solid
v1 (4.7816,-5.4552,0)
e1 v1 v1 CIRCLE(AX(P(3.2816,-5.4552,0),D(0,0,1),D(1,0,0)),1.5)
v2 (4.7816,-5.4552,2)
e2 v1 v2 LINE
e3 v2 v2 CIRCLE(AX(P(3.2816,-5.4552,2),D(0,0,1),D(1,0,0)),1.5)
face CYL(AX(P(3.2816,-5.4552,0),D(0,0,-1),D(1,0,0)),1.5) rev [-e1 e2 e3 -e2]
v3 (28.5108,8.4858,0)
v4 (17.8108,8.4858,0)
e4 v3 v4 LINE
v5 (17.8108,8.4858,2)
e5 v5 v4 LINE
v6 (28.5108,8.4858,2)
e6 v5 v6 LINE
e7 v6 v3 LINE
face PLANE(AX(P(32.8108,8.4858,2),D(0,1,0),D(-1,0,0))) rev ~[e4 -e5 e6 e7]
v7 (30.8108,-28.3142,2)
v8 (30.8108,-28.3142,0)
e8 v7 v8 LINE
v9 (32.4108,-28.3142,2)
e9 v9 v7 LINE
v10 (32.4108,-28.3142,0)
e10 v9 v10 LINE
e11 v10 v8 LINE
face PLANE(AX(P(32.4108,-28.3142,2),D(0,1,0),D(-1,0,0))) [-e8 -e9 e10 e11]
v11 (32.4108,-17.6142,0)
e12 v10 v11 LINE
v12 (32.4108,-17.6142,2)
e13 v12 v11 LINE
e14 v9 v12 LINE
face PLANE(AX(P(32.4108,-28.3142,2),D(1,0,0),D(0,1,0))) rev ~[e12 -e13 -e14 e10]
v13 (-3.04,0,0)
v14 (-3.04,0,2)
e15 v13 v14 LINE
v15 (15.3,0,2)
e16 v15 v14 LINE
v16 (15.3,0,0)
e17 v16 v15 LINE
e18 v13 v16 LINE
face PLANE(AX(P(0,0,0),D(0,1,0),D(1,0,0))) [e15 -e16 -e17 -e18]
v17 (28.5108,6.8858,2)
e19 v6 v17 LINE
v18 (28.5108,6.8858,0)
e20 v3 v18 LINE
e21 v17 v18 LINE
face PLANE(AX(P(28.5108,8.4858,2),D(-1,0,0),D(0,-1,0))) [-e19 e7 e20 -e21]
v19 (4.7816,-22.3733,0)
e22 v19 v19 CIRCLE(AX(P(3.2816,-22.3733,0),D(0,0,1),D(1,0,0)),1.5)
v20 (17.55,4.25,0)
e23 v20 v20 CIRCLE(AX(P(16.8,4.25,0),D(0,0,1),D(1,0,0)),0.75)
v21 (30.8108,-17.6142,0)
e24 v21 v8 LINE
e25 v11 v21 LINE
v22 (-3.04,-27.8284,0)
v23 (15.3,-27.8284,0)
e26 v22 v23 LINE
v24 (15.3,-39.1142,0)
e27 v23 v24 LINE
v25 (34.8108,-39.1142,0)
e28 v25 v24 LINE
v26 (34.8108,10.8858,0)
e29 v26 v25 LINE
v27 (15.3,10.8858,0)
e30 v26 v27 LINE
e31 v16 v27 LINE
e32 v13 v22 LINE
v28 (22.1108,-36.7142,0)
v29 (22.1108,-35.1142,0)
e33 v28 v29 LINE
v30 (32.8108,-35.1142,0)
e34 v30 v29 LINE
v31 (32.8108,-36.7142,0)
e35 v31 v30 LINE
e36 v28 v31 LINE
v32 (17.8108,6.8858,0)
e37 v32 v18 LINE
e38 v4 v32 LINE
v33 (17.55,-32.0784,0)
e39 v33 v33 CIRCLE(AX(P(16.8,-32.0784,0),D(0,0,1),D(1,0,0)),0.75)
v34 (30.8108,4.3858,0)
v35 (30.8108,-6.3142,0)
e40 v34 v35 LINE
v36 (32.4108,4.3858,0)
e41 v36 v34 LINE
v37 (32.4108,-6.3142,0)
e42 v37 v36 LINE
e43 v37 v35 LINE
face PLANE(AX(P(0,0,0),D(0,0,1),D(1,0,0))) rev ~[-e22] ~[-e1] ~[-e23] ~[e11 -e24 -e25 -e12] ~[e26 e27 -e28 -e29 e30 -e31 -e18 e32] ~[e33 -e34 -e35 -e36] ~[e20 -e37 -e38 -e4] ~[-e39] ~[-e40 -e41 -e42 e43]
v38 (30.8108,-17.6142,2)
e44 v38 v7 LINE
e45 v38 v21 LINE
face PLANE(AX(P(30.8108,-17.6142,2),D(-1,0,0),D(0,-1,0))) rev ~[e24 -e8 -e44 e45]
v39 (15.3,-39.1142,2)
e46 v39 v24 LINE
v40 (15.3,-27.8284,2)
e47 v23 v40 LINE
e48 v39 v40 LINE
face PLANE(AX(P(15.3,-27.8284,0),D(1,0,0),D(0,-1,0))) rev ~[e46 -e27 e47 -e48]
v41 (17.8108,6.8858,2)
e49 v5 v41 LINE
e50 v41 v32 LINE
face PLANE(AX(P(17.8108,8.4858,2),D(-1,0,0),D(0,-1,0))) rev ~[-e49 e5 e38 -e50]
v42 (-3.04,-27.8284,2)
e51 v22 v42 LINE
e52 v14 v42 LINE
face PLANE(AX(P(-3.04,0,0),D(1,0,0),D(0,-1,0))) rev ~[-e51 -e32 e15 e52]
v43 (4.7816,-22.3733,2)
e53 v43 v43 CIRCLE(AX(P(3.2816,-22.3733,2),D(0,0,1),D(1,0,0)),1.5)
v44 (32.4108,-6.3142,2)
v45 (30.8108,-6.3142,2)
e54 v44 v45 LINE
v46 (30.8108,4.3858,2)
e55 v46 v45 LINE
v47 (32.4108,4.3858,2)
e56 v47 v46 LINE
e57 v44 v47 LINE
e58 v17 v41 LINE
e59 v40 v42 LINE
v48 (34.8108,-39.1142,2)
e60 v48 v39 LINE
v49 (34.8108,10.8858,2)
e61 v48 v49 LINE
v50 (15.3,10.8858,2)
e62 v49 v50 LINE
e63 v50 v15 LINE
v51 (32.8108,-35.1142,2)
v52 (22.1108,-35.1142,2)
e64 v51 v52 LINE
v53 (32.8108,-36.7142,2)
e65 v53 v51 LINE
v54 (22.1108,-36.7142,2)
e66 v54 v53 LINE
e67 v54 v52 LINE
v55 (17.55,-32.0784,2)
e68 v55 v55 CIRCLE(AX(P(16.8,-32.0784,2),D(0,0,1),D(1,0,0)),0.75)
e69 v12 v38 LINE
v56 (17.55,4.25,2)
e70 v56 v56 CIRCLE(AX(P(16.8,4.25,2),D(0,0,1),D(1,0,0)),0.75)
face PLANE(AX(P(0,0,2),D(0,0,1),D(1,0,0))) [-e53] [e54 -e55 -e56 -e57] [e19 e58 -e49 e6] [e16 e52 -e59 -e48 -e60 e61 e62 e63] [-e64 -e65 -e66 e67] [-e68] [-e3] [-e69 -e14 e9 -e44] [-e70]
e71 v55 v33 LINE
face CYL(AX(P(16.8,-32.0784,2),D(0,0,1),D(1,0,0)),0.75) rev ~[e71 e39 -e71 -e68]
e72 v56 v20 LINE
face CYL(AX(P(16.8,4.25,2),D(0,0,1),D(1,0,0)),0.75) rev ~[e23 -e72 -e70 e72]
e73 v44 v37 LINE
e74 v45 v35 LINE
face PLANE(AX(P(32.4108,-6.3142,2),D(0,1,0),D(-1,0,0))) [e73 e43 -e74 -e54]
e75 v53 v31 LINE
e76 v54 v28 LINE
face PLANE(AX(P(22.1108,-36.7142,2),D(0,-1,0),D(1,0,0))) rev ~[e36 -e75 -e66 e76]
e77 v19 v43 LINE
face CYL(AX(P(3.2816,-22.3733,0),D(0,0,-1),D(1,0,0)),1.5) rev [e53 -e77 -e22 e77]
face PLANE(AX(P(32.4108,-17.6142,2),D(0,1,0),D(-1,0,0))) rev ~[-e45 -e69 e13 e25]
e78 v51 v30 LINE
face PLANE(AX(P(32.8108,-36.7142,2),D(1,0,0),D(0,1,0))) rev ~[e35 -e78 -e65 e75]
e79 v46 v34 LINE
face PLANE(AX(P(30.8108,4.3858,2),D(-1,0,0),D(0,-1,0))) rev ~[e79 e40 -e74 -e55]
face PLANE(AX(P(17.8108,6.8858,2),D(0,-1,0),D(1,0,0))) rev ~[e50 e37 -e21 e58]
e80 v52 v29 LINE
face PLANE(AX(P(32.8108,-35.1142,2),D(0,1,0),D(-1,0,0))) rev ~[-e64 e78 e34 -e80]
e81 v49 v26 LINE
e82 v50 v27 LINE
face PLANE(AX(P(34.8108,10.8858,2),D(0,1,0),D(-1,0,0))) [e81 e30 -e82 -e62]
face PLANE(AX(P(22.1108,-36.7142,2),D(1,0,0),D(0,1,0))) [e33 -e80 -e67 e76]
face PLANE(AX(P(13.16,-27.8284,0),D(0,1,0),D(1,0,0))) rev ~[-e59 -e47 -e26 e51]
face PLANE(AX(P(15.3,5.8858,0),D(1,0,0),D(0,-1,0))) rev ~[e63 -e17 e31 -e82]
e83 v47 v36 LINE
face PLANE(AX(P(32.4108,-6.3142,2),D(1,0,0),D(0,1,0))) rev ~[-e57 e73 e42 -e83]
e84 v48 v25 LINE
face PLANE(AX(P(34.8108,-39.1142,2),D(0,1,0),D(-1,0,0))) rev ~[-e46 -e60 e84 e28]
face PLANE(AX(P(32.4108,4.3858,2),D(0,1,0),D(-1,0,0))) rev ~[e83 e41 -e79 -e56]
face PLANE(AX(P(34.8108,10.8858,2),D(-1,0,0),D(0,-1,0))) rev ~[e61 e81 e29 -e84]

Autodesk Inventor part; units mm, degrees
ref_plane "YZ Plane" through (0, 0, 0) normal (1, 0, 0) x (0, 1, 0)
ref_plane "XZ Plane" through (0, 0, 0) normal (0, 1, 0) x (-1, 0, 0)
ref_plane "XY Plane" through (0, 0, 0) normal (0, 0, 1) x (1, 0, 0)
sketch "Sketch1" plane through (0, 0, 0) normal (0, 0, 1) x (1, 0, 0)
  circle A0 centre (3.2816, -5.4552) radius 1.5 projected
  line L0 (4.45, -12.0667) -> (7.65, -10.2192) projected
  line L1 (7.65, -10.2192) -> (10.85, -12.0667) projected
  line L2 (10.85, -12.0667) -> (10.85, -15.7617) projected
  line L3 (10.85, -15.7617) -> (7.65, -17.6093) projected
  line L4 (7.65, -17.6093) -> (4.45, -15.7617) projected
  line L5 (4.45, -15.7617) -> (4.45, -12.0667) projected
  circle A1 centre (3.2816, -22.3733) radius 1.5 projected
  line L6 (15.3, -27.8284) -> (15.3, 0) projected
  line L7 (0, 0) -> (15.3, 0) projected
  line L8 (0, -27.8284) -> (0, 0) projected
  line L9 (0, -27.8284) -> (15.3, -27.8284) projected
  line L10 (28.3, 5.8858) -> (15.3, 5.8858) projected
  line L11 (15.3, 5.8858) -> (15.3, -34.1142) projected
  line L12 (28.3, -34.1142) -> (15.3, -34.1142) projected
  line L13 (28.3, 5.8858) -> (28.3, -34.1142) projected
  line L14 (38.8108, -39.1142) -> (38.8108, 10.8858) projected
  line L15 (38.8108, 10.8858) -> (15.3, 10.8858) projected
  line L16 (15.3, -2.6142) -> (15.3, 10.8858) projected
  line L17 (15.3, -2.6142) -> (38.3, -2.6142) projected
  line L18 (38.3, -12.6142) -> (38.3, -2.6142) projected
  line L19 (38.3, -12.6142) -> (7.65, -12.6142) projected
  arc A2 (7.65, -15.6142) -> (7.65, -12.6142) centre (7.65, -14.1142) ccw projected
  line L20 (7.65, -15.6142) -> (38.3, -15.6142) projected
  line L21 (38.3, -25.6142) -> (38.3, -15.6142) projected
  line L22 (38.3, -25.6142) -> (15.3, -25.6142) projected
  line L23 (15.3, -39.1142) -> (15.3, -25.6142) projected
  line L24 (38.8108, -39.1142) -> (15.3, -39.1142) projected
  line L25 (-7.04, -39.1142) -> (14.96, -39.1142) projected
  line L26 (-7.04, -39.1142) -> (38.8108, -39.1142)
  line L27 (38.8108, -39.1142) -> (38.8108, 10.8858)
  line L28 (38.8108, 10.8858) -> (-7.04, 10.8858)
  line L29 (-7.04, 10.8858) -> (-7.04, -39.1142)
  line L30 (-5.04, -27.8284) -> (13.16, -27.8284) projected
  line L31 (13.16, 0) -> (-5.04, 0) projected
  line L32 (-3.04, -35.1142) -> (34.8108, -35.1142)
  line L33 (34.8108, -35.1142) -> (34.8108, 6.8858)
  line L34 (34.8108, 6.8858) -> (-3.04, 6.8858)
  line L35 (-3.04, 6.8858) -> (-3.04, -35.1142)
  line L36 (34.8108, -35.1142) -> (15.3, -35.1142)
  line L37 (15.3, -35.1142) -> (15.3, -39.1142)
  line L38 (15.3, -39.1142) -> (34.8108, -39.1142)
  line L39 (34.8108, -39.1142) -> (34.8108, -35.1142)
  line L40 (15.3, 6.8858) -> (34.8108, 6.8858)
  line L41 (34.8108, 6.8858) -> (34.8108, 10.8858)
  line L42 (34.8108, 10.8858) -> (15.3, 10.8858)
  line L43 (15.3, 10.8858) -> (15.3, 6.8858)
  point P0 (-3.04, 0)
  point P1 (-3.04, -27.8284)
  dimension "d0" = 4
extrude "Extrusion1" add sketch "Sketch1" along normal blind 2 contours L5 L4 L3 L2 L20 L6 L9 L8 L7 L19 L1 L0 | L0 L1 L2 L19 A2 L20 L3 L4 L5 | L19 L6 L20 L2 | L2 L20 A2 L19 | L19 L13 L20 L6 | L6 L17 L13 L19 | L20 L13 L22 L6 | L6 L11 L10 L13 L17 | L19 L33 L20 L13 | L13 L17 L33 L19 | L22 L13 L12 L11 L6 | L20 L33 L22 L13 | L13 L10 L16 L34 L33 L17 | L33 L17 L18 L19 | L19 L18 L17 L33 L41 L15 L14 L24 L39 L22 L21 L20 | L22 L33 L32 L23 L12 L13 | L20 L21 L22 L33 | L8 L30 L35 L31 | L16 L15 L41 L34 | L32 L39 L24 L23
sketch "Sketch2" plane through (0, 0, 2) normal (0, 0, 1) x (1, 0, 0)
  line L0 (15.3, 0) -> (-3.04, 0) projected
  line L1 (-3.04, 0) -> (-3.04, -27.8284) projected
  line L2 (-3.04, -27.8284) -> (15.3, -27.8284) projected
  line L3 (15.3, -27.8284) -> (15.3, -39.1142) projected
  line L4 (15.3, -39.1142) -> (38.8108, -39.1142) projected
  line L5 (38.8108, -39.1142) -> (38.8108, 10.8858) projected
  line L6 (38.8108, 10.8858) -> (15.3, 10.8858) projected
  line L7 (15.3, 10.8858) -> (15.3, 0) projected
  circle A0 centre (3.2816, -22.3733) radius 1.5 projected
  circle A1 centre (3.2816, -5.4552) radius 1.5 projected
  line L8 (15.3, -39.1142) -> (38.8108, -39.1142) projected
  line L9 (38.8108, 10.8858) -> (34.8108, 10.8858)
  line L10 (34.8108, 10.8858) -> (34.8108, -39.1142)
  line L11 (34.8108, -39.1142) -> (38.8108, -39.1142)
  line L12 (38.8108, -39.1142) -> (38.8108, 10.8858)
  point P0 (0, 0)
  dimension "d3" = 4
extrude "Extrusion2" cut sketch "Sketch2" against normal blind 2 contours L6 L5 L4 L10
sketch "Sketch3" plane through (0, 0, 2) normal (0, 0, 1) x (1, 0, 0)
  point P0 (0, 0)
sketch "Sketch4" plane through (0, 0, 2) normal (0, 0, 1) x (1, 0, 0)
  circle A0 centre (16.8, -32.0784) radius 0.75 projected
  circle A1 centre (16.8, 4.25) radius 0.75 projected
  point P0 (0, 0)
extrude "Extrusion3" cut sketch "Sketch4" against normal through all
sketch "Sketch5" plane through (0, 0, 2) normal (0, 0, 1) x (1, 0, 0)
  circle A0 centre (16.8, 4.25) radius 0.75 projected
  circle A1 centre (16.8, -32.0784) radius 0.75 projected
  line L0 (34.8108, -39.1142) -> (34.8108, 10.8858) projected
  line L1 (34.8108, 10.8858) -> (15.3, 10.8858) projected
  line L2 (15.3, 10.8858) -> (15.3, 0) projected
  line L3 (15.3, 0) -> (-3.04, 0) projected
  line L4 (-3.04, 0) -> (-3.04, -27.8284) projected
  line L5 (-3.04, -27.8284) -> (15.3, -27.8284) projected
  line L6 (15.3, -27.8284) -> (15.3, -39.1142) projected
  line L7 (15.3, -39.1142) -> (34.8108, -39.1142) projected
  circle A2 centre (3.2816, -22.3733) radius 1.5 projected
  circle A3 centre (3.2816, -5.4552) radius 1.5 projected
  line L8 (22.1108, -36.7142) -> (32.8108, -36.7142) projected
  line L9 (22.1108, -36.7142) -> (22.1108, -35.1142) projected
  line L10 (32.8108, -35.1142) -> (22.1108, -35.1142) projected
  line L11 (32.8108, -36.7142) -> (32.8108, -35.1142) projected
  line L12 (32.4108, -28.3142) -> (32.4108, -17.6142) projected
  line L13 (32.4108, -28.3142) -> (30.8108, -28.3142) projected
  line L14 (30.8108, -17.6142) -> (30.8108, -28.3142) projected
  line L15 (32.4108, -17.6142) -> (30.8108, -17.6142) projected
  line L16 (32.4108, -6.3142) -> (32.4108, 4.3858) projected
  line L17 (32.4108, -6.3142) -> (30.8108, -6.3142) projected
  line L18 (30.8108, 4.3858) -> (30.8108, -6.3142) projected
  line L19 (32.4108, 4.3858) -> (30.8108, 4.3858) projected
  line L20 (32.8108, 8.4858) -> (22.1108, 8.4858) projected
  line L21 (32.8108, 8.4858) -> (32.8108, 6.8858) projected
  line L22 (22.1108, 6.8858) -> (32.8108, 6.8858) projected
  line L23 (22.1108, 8.4858) -> (22.1108, 6.8858) projected
  point P0 (0, 0)
extrude "Extrusion4" cut sketch "Sketch5" against normal through all contours L9 L10 L11 L8 | L13 L14 L15 L12 | L17 L18 L19 L16 | L21 L22 L23 L20
sketch "Sketch6" plane through (0, 0, 2) normal (0, 0, 1) x (1, 0, 0)
  line L0 (30.8108, -28.3142) -> (30.8108, -17.6142) projected
  line L1 (30.8108, -17.6142) -> (32.4108, -17.6142) projected
  line L2 (32.4108, -17.6142) -> (32.4108, -28.3142) projected
  line L3 (32.4108, -28.3142) -> (30.8108, -28.3142) projected
  line L4 (30.8108, -6.3142) -> (30.8108, 4.3858) projected
  line L5 (30.8108, 4.3858) -> (32.4108, 4.3858) projected
  line L6 (32.4108, 4.3858) -> (32.4108, -6.3142) projected
  line L7 (32.4108, -6.3142) -> (30.8108, -6.3142) projected
  line L8 (22.1108, -35.1142) -> (32.8108, -35.1142) projected
  line L9 (32.8108, -35.1142) -> (32.8108, -36.7142) projected
  line L10 (32.8108, -36.7142) -> (22.1108, -36.7142) projected
  line L11 (22.1108, -36.7142) -> (22.1108, -35.1142) projected
  line L12 (32.8108, 6.8858) -> (22.1108, 6.8858) projected
  line L13 (22.1108, 6.8858) -> (22.1108, 8.4858) projected
  line L14 (22.1108, 8.4858) -> (32.8108, 8.4858) projected
  line L15 (32.8108, 8.4858) -> (32.8108, 6.8858) projected
  circle A0 centre (16.8, 4.25) radius 0.75 projected
  circle A1 centre (16.8, -32.0784) radius 0.75 projected
  line L16 (34.8108, -39.1142) -> (34.8108, 10.8858) projected
  line L17 (34.8108, 10.8858) -> (15.3, 10.8858) projected
  line L18 (15.3, 10.8858) -> (15.3, 0) projected
  line L19 (15.3, 0) -> (-3.04, 0) projected
  line L20 (-3.04, 0) -> (-3.04, -27.8284) projected
  line L21 (-3.04, -27.8284) -> (15.3, -27.8284) projected
  line L22 (15.3, -27.8284) -> (15.3, -39.1142) projected
  line L23 (15.3, -39.1142) -> (34.8108, -39.1142) projected
  circle A2 centre (3.2816, -22.3733) radius 1.5 projected
  circle A3 centre (3.2816, -5.4552) radius 1.5 projected
  line L24 (34.8108, 10.8858) -> (15.3, 10.8858) projected
  line L25 (15.3, 10.8858) -> (15.3, 0) projected
  line L26 (34.8108, 10.8858) -> (15.3, 10.8858)
  line L27 (15.3, 10.8858) -> (15.3, 10.0858)
  line L28 (15.3, 10.0858) -> (34.8108, 10.0858)
  line L29 (34.8108, 10.0858) -> (34.8108, 10.8858)
  line L30 (15.3, -27.8284) -> (15.3, -39.1142) projected
  line L31 (34.8108, 10.8858) -> (34.8108, -39.1142) projected
  line L32 (15.3, -39.1142) -> (34.8108, -39.1142)
  line L33 (34.8108, -39.1142) -> (34.8108, -38.3142)
  line L34 (34.8108, -38.3142) -> (15.3, -38.3142)
  line L35 (15.3, -38.3142) -> (15.3, -39.1142)
  point P0 (0, 0)
  dimension "d10" = 0.8
  dimension "d11" = 0.8
extrude "Extrusion5" cut sketch "Sketch6" against normal through all contours L23 L22 L34 L16 | L28 L18 L17 L16
sketch "Sketch7" plane through (0, 0, 2) normal (0, 0, 1) x (1, 0, 0)
  line L0 (34.8108, 10.0858) -> (15.3, 10.0858) projected
  line L1 (15.3, 10.0858) -> (15.3, 0) projected
  line L2 (15.3, 0) -> (-3.04, 0) projected
  line L3 (-3.04, 0) -> (-3.04, -27.8284) projected
  line L4 (-3.04, -27.8284) -> (15.3, -27.8284) projected
  line L5 (15.3, -27.8284) -> (15.3, -38.3142) projected
  line L6 (15.3, -38.3142) -> (34.8108, -38.3142) projected
  line L7 (34.8108, -38.3142) -> (34.8108, 10.0858) projected
  line L8 (30.8108, -28.3142) -> (30.8108, -17.6142) projected
  line L9 (30.8108, -17.6142) -> (32.4108, -17.6142) projected
  line L10 (32.4108, -17.6142) -> (32.4108, -28.3142) projected
  line L11 (32.4108, -28.3142) -> (30.8108, -28.3142) projected
  line L12 (30.8108, -6.3142) -> (30.8108, 4.3858) projected
  line L13 (30.8108, 4.3858) -> (32.4108, 4.3858) projected
  line L14 (32.4108, 4.3858) -> (32.4108, -6.3142) projected
  line L15 (32.4108, -6.3142) -> (30.8108, -6.3142) projected
  line L16 (22.1108, -35.1142) -> (32.8108, -35.1142) projected
  line L17 (32.8108, -35.1142) -> (32.8108, -36.7142) projected
  line L18 (32.8108, -36.7142) -> (22.1108, -36.7142) projected
  line L19 (22.1108, -36.7142) -> (22.1108, -35.1142) projected
  line L20 (32.8108, 6.8858) -> (22.1108, 6.8858) projected
  line L21 (22.1108, 6.8858) -> (22.1108, 8.4858) projected
  line L22 (22.1108, 8.4858) -> (32.8108, 8.4858) projected
  line L23 (32.8108, 8.4858) -> (32.8108, 6.8858) projected
  circle A0 centre (16.8, 4.25) radius 0.75 projected
  circle A1 centre (16.8, -32.0784) radius 0.75 projected
  circle A2 centre (3.2816, -22.3733) radius 1.5 projected
  circle A3 centre (3.2816, -5.4552) radius 1.5 projected
  line L24 (38.8108, 10.8858) -> (15.3, 10.8858) projected
  line L25 (38.8108, -39.1142) -> (15.3, -39.1142) projected
  line L26 (15.3, 10.0858) -> (34.8108, 10.0858) projected
  line L27 (15.3, 10.8858) -> (34.8108, 10.8858)
  line L28 (34.8108, 10.8858) -> (34.8108, 10.0858)
  line L29 (34.8108, 10.0858) -> (15.3, 10.0858)
  line L30 (15.3, 10.0858) -> (15.3, 10.8858)
  line L31 (34.8108, -38.3142) -> (15.3, -38.3142) projected
  line L32 (34.8108, -38.3142) -> (15.3, -38.3142)
  line L33 (15.3, -38.3142) -> (15.3, -39.1142)
  line L34 (15.3, -39.1142) -> (34.8108, -39.1142)
  line L35 (34.8108, -39.1142) -> (34.8108, -38.3142)
  point P0 (0, 0)
extrude "Extrusion6" add sketch "Sketch7" against normal up to surface (2 mm away) contours L0 L30 L24 L28 | L35 L25 L33 L6
sketch "Sketch8" plane through (0, 0, 2) normal (0, 0, 1) x (1, 0, 0)
  line L0 (15.3, 10.8858) -> (15.3, 0) projected
  line L1 (15.3, 0) -> (-3.04, 0) projected
  line L2 (-3.04, 0) -> (-3.04, -27.8284) projected
  line L3 (-3.04, -27.8284) -> (15.3, -27.8284) projected
  line L4 (15.3, -27.8284) -> (15.3, -39.1142) projected
  line L5 (15.3, -39.1142) -> (34.8108, -39.1142) projected
  line L6 (34.8108, -39.1142) -> (34.8108, 10.8858) projected
  line L7 (34.8108, 10.8858) -> (15.3, 10.8858) projected
  line L8 (30.8108, -28.3142) -> (30.8108, -17.6142) projected
  line L9 (30.8108, -17.6142) -> (32.4108, -17.6142) projected
  line L10 (32.4108, -17.6142) -> (32.4108, -28.3142) projected
  line L11 (32.4108, -28.3142) -> (30.8108, -28.3142) projected
  line L12 (30.8108, -6.3142) -> (30.8108, 4.3858) projected
  line L13 (30.8108, 4.3858) -> (32.4108, 4.3858) projected
  line L14 (32.4108, 4.3858) -> (32.4108, -6.3142) projected
  line L15 (32.4108, -6.3142) -> (30.8108, -6.3142) projected
  line L16 (22.1108, -35.1142) -> (32.8108, -35.1142) projected
  line L17 (32.8108, -35.1142) -> (32.8108, -36.7142) projected
  line L18 (32.8108, -36.7142) -> (22.1108, -36.7142) projected
  line L19 (22.1108, -36.7142) -> (22.1108, -35.1142) projected
  line L20 (32.8108, 6.8858) -> (22.1108, 6.8858) projected
  line L21 (22.1108, 6.8858) -> (22.1108, 8.4858) projected
  line L22 (22.1108, 8.4858) -> (32.8108, 8.4858) projected
  line L23 (32.8108, 8.4858) -> (32.8108, 6.8858) projected
  circle A0 centre (16.8, 4.25) radius 0.75 projected
  circle A1 centre (16.8, -32.0784) radius 0.75 projected
  circle A2 centre (3.2816, -22.3733) radius 1.5 projected
  circle A3 centre (3.2816, -5.4552) radius 1.5 projected
  line L24 (28.5108, 8.4858) -> (17.8108, 8.4858) projected
  line L25 (28.5108, 8.4858) -> (28.5108, 6.8858) projected
  line L26 (17.8108, 6.8858) -> (28.5108, 6.8858) projected
  line L27 (17.8108, 8.4858) -> (17.8108, 6.8858) projected
  point P0 (0, 0)
extrude "Extrusion7" cut sketch "Sketch8" against normal blind 10 contours L26 L27 L24 L21
sketch "Sketch9" plane through (0, 0, 2) normal (0, 0, 1) x (1, 0, 0)
  circle A0 centre (3.2816, -5.4552) radius 1.5 projected
  circle A1 centre (3.2816, -22.3733) radius 1.5 projected
  circle A2 centre (16.8, -32.0784) radius 0.75 projected
  circle A3 centre (16.8, 4.25) radius 0.75 projected
  line L0 (32.8108, 6.8858) -> (17.8108, 6.8858) projected
  line L1 (17.8108, 6.8858) -> (17.8108, 8.4858) projected
  line L2 (17.8108, 8.4858) -> (32.8108, 8.4858) projected
  line L3 (32.8108, 8.4858) -> (32.8108, 6.8858) projected
  line L4 (22.1108, -35.1142) -> (32.8108, -35.1142) projected
  line L5 (32.8108, -35.1142) -> (32.8108, -36.7142) projected
  line L6 (32.8108, -36.7142) -> (22.1108, -36.7142) projected
  line L7 (22.1108, -36.7142) -> (22.1108, -35.1142) projected
  line L8 (30.8108, -6.3142) -> (30.8108, 4.3858) projected
  line L9 (30.8108, 4.3858) -> (32.4108, 4.3858) projected
  line L10 (32.4108, 4.3858) -> (32.4108, -6.3142) projected
  line L11 (32.4108, -6.3142) -> (30.8108, -6.3142) projected
  line L12 (30.8108, -28.3142) -> (30.8108, -17.6142) projected
  line L13 (30.8108, -17.6142) -> (32.4108, -17.6142) projected
  line L14 (32.4108, -17.6142) -> (32.4108, -28.3142) projected
  line L15 (32.4108, -28.3142) -> (30.8108, -28.3142) projected
  line L16 (15.3, 10.8858) -> (15.3, 0) projected
  line L17 (15.3, 0) -> (-3.04, 0) projected
  line L18 (-3.04, 0) -> (-3.04, -27.8284) projected
  line L19 (-3.04, -27.8284) -> (15.3, -27.8284) projected
  line L20 (15.3, -27.8284) -> (15.3, -39.1142) projected
  line L21 (15.3, -39.1142) -> (34.8108, -39.1142) projected
  line L22 (34.8108, -39.1142) -> (34.8108, 10.8858) projected
  line L23 (34.8108, 10.8858) -> (15.3, 10.8858) projected
  line L24 (28.5108, 8.4858) -> (28.5108, 6.8858) projected
  point P0 (0, 0)
extrude "Extrusion8" add sketch "Sketch9" against normal up to surface (2 mm away) contours L0 L24 L2 L3
properties part number "pcbek"
